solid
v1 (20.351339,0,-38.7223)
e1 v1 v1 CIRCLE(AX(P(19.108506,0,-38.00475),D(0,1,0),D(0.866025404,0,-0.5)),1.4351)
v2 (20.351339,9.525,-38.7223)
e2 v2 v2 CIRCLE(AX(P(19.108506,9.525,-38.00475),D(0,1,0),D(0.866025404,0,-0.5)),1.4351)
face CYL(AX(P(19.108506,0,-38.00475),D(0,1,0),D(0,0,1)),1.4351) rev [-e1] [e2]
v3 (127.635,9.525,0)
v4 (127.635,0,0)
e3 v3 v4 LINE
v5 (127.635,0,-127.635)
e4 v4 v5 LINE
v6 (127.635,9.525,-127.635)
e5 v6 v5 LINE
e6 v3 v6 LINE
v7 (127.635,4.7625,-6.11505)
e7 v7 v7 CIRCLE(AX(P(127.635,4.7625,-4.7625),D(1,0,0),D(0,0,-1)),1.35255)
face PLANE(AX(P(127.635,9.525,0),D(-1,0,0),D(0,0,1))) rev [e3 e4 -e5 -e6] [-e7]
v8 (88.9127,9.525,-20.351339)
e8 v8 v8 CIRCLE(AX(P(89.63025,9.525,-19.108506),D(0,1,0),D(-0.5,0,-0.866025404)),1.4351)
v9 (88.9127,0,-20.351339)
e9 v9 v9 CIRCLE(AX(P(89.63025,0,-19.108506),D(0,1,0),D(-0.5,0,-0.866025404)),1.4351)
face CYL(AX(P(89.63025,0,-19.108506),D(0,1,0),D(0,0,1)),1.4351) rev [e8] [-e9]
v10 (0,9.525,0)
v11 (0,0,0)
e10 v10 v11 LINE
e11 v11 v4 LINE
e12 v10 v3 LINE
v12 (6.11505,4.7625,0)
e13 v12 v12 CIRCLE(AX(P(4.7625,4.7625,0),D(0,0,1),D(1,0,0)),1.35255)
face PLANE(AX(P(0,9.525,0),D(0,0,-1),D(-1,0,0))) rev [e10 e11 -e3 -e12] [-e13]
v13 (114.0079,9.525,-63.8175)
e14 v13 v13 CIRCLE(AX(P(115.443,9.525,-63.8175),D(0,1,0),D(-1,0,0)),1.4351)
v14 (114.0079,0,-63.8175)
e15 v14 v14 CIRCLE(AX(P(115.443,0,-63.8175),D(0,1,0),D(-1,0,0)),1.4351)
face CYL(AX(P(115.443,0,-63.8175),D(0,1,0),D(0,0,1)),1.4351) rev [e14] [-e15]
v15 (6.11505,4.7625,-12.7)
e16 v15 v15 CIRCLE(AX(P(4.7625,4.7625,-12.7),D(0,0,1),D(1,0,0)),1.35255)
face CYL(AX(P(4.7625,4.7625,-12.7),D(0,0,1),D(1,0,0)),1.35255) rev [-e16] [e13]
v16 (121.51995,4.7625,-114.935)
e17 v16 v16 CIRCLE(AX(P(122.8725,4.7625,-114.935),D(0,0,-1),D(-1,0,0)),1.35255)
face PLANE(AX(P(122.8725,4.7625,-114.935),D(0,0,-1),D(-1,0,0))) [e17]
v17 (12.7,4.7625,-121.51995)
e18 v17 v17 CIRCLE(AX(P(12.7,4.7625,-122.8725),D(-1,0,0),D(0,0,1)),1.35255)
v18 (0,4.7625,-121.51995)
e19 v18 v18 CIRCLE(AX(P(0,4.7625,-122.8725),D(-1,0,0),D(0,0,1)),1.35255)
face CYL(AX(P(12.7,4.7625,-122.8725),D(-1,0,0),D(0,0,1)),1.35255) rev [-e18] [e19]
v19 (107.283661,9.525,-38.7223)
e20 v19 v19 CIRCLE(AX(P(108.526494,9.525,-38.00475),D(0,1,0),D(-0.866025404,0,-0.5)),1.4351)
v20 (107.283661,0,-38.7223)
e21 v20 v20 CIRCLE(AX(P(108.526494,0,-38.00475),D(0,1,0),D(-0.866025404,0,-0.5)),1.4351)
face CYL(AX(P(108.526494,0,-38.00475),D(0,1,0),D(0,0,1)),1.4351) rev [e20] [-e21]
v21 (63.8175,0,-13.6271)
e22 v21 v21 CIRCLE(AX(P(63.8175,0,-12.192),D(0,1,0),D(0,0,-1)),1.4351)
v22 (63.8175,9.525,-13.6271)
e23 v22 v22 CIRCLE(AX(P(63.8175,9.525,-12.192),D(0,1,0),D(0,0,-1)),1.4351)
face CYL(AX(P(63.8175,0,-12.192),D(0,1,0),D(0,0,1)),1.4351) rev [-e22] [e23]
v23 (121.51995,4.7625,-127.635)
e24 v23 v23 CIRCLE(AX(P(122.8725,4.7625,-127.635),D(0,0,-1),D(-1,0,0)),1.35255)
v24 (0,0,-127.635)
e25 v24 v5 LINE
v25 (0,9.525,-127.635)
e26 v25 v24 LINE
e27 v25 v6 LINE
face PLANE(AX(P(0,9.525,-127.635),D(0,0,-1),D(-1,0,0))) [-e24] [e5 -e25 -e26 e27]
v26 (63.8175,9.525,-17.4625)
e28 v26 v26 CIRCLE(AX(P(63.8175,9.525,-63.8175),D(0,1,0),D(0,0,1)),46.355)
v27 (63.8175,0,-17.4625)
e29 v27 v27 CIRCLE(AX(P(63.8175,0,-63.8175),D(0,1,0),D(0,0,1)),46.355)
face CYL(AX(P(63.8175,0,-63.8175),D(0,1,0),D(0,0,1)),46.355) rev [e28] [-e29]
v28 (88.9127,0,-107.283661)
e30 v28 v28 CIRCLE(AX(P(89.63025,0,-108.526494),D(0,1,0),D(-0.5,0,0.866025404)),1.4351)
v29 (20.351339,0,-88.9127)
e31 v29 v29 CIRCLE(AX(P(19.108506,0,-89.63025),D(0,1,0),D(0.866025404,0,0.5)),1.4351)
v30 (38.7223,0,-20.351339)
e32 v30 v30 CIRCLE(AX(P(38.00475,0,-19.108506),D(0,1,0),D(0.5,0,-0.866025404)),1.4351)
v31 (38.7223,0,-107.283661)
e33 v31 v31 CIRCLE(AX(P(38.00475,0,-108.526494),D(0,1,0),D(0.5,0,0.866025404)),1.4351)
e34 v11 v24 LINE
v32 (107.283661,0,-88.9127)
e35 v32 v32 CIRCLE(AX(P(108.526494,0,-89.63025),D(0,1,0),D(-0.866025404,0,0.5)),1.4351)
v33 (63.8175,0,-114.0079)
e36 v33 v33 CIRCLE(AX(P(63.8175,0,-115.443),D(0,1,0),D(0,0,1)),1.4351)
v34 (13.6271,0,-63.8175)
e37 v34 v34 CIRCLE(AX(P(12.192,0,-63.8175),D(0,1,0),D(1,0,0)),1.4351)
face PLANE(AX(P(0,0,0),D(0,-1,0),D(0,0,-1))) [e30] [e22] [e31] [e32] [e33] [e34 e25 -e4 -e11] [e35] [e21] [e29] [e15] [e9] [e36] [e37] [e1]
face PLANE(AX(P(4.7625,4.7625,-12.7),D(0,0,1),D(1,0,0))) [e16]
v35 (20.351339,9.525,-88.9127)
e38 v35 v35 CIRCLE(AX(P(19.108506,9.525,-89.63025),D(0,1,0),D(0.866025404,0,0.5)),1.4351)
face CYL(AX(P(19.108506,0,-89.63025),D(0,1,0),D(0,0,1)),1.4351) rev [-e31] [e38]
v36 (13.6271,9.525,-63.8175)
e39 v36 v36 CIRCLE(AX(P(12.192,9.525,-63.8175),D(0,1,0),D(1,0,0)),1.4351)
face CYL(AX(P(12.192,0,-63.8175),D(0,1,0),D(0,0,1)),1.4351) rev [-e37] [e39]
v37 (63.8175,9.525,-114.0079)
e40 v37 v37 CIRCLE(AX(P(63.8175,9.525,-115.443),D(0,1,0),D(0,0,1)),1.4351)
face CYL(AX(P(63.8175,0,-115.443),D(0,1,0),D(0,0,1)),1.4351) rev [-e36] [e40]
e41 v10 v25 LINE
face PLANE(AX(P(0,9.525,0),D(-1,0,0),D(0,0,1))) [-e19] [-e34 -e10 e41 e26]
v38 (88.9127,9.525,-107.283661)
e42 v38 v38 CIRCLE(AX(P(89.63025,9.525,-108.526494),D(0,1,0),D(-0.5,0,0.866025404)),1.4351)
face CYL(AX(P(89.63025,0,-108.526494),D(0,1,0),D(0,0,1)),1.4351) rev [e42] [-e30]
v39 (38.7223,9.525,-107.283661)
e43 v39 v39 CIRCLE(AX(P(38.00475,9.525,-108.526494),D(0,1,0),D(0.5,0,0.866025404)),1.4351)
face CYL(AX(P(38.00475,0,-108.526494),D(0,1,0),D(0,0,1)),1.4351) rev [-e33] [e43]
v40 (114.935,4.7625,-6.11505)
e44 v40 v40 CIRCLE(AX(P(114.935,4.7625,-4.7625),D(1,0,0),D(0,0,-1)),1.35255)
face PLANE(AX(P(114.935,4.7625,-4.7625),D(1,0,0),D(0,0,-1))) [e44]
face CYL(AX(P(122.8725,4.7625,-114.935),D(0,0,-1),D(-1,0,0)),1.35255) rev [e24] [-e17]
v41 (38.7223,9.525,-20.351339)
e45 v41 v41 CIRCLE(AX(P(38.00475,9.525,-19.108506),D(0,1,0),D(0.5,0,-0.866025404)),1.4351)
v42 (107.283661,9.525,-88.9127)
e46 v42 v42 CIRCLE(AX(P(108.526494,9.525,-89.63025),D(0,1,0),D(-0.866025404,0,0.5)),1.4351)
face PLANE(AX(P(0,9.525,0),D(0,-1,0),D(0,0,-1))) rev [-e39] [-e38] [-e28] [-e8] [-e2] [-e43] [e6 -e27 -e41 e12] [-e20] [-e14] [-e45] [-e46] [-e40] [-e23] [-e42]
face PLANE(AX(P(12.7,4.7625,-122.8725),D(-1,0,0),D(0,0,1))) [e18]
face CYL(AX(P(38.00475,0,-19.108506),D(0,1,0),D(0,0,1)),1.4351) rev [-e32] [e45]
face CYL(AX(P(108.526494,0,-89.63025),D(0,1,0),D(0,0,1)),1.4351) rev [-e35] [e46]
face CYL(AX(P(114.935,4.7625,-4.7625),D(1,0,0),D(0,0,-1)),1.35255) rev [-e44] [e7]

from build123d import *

# Parameters (mm, degrees)
SKETCH1_W           = 127.635
SKETCH1_H           = 127.635
BOSS_EXTRUDE1_DEPTH = 9.525
SKETCH5_R           = 46.355
CUT_EXTRUDE1_DEPTH  = 9.525
SKETCH11_R          = 1.4351
CUT_EXTRUDE3_DEPTH  = 10.525
CIRPATTERN1_COUNT   = 12
SKETCH6_R           = 1.35255
F_6_32_HOLE1_DEPTH  = 12.7
SKETCH7_R           = 1.35255
F_6_32_HOLE2_DEPTH  = 12.7
SKETCH8_R           = 1.35255
F_6_32_HOLE3_DEPTH  = 12.7
SKETCH9_R           = 1.35255
F_6_32_HOLE4_DEPTH  = 12.7


with BuildPart() as part:
    # Sketch1 → Boss-Extrude1 (new body)
    with BuildSketch(Plane(origin=(0, 0, 0), x_dir=(1, 0, 0), z_dir=(0, 1, 0))):
        with Locations((63.8175, 63.8175)):
            Rectangle(SKETCH1_W, SKETCH1_H)
    extrude(amount=BOSS_EXTRUDE1_DEPTH)

    # Sketch5 → Cut-Extrude1 (cut)
    with BuildSketch(Plane(origin=(0, 9.525, 0), x_dir=(1, 0, 0), z_dir=(0, 1, 0))):
        with Locations((63.8175, 63.8175)):
            Circle(SKETCH5_R)
    extrude(amount=-CUT_EXTRUDE1_DEPTH, mode=Mode.SUBTRACT)

    # Sketch11 → Cut-Extrude3 (cut, through all)
    with BuildSketch(Plane(origin=(0, 9.525, 0), x_dir=(1, 0, 0), z_dir=(0, 1, 0))):
        with Locations((63.8175, 115.443)):
            Circle(SKETCH11_R)
    cut_extrude3 = extrude(amount=-CUT_EXTRUDE3_DEPTH, mode=Mode.SUBTRACT)

    # CirPattern1: Cut-Extrude3 ×12 about axis
    cirpattern1_axis = Axis((63.8175, 0, -63.8175), (0, 1, 0))
    for i in range(1, CIRPATTERN1_COUNT):
        add(cut_extrude3.rotate(cirpattern1_axis, i * 360 / CIRPATTERN1_COUNT), mode=Mode.SUBTRACT)

    # Sketch6 → 6-32 hole1 (cut)
    with BuildSketch(Plane(origin=(127.635, 0, 0), x_dir=(0, 0, -1), z_dir=(1, 0, 0))):
        with Locations((4.7625, 4.7625)):
            Circle(SKETCH6_R)
    extrude(amount=-F_6_32_HOLE1_DEPTH, mode=Mode.SUBTRACT)

    # Sketch7 → 6-32 hole2 (cut)
    with BuildSketch(Plane(origin=(0, 0, -127.635), x_dir=(-1, 0, 0), z_dir=(0, 0, -1))):
        with Locations((-122.8725, 4.7625)):
            Circle(SKETCH7_R)
    extrude(amount=-F_6_32_HOLE2_DEPTH, mode=Mode.SUBTRACT)

    # Sketch8 → 6-32 hole3 (cut)
    with BuildSketch(Plane.ZY):
        with Locations((-122.8725, 4.7625)):
            Circle(SKETCH8_R)
    extrude(amount=-F_6_32_HOLE3_DEPTH, mode=Mode.SUBTRACT)

    # Sketch9 → 6-32 hole4 (cut)
    with BuildSketch(Plane.XY):
        with Locations((4.7625, 4.7625)):
            Circle(SKETCH9_R)
    extrude(amount=-F_6_32_HOLE4_DEPTH, mode=Mode.SUBTRACT)


solid = part.part
